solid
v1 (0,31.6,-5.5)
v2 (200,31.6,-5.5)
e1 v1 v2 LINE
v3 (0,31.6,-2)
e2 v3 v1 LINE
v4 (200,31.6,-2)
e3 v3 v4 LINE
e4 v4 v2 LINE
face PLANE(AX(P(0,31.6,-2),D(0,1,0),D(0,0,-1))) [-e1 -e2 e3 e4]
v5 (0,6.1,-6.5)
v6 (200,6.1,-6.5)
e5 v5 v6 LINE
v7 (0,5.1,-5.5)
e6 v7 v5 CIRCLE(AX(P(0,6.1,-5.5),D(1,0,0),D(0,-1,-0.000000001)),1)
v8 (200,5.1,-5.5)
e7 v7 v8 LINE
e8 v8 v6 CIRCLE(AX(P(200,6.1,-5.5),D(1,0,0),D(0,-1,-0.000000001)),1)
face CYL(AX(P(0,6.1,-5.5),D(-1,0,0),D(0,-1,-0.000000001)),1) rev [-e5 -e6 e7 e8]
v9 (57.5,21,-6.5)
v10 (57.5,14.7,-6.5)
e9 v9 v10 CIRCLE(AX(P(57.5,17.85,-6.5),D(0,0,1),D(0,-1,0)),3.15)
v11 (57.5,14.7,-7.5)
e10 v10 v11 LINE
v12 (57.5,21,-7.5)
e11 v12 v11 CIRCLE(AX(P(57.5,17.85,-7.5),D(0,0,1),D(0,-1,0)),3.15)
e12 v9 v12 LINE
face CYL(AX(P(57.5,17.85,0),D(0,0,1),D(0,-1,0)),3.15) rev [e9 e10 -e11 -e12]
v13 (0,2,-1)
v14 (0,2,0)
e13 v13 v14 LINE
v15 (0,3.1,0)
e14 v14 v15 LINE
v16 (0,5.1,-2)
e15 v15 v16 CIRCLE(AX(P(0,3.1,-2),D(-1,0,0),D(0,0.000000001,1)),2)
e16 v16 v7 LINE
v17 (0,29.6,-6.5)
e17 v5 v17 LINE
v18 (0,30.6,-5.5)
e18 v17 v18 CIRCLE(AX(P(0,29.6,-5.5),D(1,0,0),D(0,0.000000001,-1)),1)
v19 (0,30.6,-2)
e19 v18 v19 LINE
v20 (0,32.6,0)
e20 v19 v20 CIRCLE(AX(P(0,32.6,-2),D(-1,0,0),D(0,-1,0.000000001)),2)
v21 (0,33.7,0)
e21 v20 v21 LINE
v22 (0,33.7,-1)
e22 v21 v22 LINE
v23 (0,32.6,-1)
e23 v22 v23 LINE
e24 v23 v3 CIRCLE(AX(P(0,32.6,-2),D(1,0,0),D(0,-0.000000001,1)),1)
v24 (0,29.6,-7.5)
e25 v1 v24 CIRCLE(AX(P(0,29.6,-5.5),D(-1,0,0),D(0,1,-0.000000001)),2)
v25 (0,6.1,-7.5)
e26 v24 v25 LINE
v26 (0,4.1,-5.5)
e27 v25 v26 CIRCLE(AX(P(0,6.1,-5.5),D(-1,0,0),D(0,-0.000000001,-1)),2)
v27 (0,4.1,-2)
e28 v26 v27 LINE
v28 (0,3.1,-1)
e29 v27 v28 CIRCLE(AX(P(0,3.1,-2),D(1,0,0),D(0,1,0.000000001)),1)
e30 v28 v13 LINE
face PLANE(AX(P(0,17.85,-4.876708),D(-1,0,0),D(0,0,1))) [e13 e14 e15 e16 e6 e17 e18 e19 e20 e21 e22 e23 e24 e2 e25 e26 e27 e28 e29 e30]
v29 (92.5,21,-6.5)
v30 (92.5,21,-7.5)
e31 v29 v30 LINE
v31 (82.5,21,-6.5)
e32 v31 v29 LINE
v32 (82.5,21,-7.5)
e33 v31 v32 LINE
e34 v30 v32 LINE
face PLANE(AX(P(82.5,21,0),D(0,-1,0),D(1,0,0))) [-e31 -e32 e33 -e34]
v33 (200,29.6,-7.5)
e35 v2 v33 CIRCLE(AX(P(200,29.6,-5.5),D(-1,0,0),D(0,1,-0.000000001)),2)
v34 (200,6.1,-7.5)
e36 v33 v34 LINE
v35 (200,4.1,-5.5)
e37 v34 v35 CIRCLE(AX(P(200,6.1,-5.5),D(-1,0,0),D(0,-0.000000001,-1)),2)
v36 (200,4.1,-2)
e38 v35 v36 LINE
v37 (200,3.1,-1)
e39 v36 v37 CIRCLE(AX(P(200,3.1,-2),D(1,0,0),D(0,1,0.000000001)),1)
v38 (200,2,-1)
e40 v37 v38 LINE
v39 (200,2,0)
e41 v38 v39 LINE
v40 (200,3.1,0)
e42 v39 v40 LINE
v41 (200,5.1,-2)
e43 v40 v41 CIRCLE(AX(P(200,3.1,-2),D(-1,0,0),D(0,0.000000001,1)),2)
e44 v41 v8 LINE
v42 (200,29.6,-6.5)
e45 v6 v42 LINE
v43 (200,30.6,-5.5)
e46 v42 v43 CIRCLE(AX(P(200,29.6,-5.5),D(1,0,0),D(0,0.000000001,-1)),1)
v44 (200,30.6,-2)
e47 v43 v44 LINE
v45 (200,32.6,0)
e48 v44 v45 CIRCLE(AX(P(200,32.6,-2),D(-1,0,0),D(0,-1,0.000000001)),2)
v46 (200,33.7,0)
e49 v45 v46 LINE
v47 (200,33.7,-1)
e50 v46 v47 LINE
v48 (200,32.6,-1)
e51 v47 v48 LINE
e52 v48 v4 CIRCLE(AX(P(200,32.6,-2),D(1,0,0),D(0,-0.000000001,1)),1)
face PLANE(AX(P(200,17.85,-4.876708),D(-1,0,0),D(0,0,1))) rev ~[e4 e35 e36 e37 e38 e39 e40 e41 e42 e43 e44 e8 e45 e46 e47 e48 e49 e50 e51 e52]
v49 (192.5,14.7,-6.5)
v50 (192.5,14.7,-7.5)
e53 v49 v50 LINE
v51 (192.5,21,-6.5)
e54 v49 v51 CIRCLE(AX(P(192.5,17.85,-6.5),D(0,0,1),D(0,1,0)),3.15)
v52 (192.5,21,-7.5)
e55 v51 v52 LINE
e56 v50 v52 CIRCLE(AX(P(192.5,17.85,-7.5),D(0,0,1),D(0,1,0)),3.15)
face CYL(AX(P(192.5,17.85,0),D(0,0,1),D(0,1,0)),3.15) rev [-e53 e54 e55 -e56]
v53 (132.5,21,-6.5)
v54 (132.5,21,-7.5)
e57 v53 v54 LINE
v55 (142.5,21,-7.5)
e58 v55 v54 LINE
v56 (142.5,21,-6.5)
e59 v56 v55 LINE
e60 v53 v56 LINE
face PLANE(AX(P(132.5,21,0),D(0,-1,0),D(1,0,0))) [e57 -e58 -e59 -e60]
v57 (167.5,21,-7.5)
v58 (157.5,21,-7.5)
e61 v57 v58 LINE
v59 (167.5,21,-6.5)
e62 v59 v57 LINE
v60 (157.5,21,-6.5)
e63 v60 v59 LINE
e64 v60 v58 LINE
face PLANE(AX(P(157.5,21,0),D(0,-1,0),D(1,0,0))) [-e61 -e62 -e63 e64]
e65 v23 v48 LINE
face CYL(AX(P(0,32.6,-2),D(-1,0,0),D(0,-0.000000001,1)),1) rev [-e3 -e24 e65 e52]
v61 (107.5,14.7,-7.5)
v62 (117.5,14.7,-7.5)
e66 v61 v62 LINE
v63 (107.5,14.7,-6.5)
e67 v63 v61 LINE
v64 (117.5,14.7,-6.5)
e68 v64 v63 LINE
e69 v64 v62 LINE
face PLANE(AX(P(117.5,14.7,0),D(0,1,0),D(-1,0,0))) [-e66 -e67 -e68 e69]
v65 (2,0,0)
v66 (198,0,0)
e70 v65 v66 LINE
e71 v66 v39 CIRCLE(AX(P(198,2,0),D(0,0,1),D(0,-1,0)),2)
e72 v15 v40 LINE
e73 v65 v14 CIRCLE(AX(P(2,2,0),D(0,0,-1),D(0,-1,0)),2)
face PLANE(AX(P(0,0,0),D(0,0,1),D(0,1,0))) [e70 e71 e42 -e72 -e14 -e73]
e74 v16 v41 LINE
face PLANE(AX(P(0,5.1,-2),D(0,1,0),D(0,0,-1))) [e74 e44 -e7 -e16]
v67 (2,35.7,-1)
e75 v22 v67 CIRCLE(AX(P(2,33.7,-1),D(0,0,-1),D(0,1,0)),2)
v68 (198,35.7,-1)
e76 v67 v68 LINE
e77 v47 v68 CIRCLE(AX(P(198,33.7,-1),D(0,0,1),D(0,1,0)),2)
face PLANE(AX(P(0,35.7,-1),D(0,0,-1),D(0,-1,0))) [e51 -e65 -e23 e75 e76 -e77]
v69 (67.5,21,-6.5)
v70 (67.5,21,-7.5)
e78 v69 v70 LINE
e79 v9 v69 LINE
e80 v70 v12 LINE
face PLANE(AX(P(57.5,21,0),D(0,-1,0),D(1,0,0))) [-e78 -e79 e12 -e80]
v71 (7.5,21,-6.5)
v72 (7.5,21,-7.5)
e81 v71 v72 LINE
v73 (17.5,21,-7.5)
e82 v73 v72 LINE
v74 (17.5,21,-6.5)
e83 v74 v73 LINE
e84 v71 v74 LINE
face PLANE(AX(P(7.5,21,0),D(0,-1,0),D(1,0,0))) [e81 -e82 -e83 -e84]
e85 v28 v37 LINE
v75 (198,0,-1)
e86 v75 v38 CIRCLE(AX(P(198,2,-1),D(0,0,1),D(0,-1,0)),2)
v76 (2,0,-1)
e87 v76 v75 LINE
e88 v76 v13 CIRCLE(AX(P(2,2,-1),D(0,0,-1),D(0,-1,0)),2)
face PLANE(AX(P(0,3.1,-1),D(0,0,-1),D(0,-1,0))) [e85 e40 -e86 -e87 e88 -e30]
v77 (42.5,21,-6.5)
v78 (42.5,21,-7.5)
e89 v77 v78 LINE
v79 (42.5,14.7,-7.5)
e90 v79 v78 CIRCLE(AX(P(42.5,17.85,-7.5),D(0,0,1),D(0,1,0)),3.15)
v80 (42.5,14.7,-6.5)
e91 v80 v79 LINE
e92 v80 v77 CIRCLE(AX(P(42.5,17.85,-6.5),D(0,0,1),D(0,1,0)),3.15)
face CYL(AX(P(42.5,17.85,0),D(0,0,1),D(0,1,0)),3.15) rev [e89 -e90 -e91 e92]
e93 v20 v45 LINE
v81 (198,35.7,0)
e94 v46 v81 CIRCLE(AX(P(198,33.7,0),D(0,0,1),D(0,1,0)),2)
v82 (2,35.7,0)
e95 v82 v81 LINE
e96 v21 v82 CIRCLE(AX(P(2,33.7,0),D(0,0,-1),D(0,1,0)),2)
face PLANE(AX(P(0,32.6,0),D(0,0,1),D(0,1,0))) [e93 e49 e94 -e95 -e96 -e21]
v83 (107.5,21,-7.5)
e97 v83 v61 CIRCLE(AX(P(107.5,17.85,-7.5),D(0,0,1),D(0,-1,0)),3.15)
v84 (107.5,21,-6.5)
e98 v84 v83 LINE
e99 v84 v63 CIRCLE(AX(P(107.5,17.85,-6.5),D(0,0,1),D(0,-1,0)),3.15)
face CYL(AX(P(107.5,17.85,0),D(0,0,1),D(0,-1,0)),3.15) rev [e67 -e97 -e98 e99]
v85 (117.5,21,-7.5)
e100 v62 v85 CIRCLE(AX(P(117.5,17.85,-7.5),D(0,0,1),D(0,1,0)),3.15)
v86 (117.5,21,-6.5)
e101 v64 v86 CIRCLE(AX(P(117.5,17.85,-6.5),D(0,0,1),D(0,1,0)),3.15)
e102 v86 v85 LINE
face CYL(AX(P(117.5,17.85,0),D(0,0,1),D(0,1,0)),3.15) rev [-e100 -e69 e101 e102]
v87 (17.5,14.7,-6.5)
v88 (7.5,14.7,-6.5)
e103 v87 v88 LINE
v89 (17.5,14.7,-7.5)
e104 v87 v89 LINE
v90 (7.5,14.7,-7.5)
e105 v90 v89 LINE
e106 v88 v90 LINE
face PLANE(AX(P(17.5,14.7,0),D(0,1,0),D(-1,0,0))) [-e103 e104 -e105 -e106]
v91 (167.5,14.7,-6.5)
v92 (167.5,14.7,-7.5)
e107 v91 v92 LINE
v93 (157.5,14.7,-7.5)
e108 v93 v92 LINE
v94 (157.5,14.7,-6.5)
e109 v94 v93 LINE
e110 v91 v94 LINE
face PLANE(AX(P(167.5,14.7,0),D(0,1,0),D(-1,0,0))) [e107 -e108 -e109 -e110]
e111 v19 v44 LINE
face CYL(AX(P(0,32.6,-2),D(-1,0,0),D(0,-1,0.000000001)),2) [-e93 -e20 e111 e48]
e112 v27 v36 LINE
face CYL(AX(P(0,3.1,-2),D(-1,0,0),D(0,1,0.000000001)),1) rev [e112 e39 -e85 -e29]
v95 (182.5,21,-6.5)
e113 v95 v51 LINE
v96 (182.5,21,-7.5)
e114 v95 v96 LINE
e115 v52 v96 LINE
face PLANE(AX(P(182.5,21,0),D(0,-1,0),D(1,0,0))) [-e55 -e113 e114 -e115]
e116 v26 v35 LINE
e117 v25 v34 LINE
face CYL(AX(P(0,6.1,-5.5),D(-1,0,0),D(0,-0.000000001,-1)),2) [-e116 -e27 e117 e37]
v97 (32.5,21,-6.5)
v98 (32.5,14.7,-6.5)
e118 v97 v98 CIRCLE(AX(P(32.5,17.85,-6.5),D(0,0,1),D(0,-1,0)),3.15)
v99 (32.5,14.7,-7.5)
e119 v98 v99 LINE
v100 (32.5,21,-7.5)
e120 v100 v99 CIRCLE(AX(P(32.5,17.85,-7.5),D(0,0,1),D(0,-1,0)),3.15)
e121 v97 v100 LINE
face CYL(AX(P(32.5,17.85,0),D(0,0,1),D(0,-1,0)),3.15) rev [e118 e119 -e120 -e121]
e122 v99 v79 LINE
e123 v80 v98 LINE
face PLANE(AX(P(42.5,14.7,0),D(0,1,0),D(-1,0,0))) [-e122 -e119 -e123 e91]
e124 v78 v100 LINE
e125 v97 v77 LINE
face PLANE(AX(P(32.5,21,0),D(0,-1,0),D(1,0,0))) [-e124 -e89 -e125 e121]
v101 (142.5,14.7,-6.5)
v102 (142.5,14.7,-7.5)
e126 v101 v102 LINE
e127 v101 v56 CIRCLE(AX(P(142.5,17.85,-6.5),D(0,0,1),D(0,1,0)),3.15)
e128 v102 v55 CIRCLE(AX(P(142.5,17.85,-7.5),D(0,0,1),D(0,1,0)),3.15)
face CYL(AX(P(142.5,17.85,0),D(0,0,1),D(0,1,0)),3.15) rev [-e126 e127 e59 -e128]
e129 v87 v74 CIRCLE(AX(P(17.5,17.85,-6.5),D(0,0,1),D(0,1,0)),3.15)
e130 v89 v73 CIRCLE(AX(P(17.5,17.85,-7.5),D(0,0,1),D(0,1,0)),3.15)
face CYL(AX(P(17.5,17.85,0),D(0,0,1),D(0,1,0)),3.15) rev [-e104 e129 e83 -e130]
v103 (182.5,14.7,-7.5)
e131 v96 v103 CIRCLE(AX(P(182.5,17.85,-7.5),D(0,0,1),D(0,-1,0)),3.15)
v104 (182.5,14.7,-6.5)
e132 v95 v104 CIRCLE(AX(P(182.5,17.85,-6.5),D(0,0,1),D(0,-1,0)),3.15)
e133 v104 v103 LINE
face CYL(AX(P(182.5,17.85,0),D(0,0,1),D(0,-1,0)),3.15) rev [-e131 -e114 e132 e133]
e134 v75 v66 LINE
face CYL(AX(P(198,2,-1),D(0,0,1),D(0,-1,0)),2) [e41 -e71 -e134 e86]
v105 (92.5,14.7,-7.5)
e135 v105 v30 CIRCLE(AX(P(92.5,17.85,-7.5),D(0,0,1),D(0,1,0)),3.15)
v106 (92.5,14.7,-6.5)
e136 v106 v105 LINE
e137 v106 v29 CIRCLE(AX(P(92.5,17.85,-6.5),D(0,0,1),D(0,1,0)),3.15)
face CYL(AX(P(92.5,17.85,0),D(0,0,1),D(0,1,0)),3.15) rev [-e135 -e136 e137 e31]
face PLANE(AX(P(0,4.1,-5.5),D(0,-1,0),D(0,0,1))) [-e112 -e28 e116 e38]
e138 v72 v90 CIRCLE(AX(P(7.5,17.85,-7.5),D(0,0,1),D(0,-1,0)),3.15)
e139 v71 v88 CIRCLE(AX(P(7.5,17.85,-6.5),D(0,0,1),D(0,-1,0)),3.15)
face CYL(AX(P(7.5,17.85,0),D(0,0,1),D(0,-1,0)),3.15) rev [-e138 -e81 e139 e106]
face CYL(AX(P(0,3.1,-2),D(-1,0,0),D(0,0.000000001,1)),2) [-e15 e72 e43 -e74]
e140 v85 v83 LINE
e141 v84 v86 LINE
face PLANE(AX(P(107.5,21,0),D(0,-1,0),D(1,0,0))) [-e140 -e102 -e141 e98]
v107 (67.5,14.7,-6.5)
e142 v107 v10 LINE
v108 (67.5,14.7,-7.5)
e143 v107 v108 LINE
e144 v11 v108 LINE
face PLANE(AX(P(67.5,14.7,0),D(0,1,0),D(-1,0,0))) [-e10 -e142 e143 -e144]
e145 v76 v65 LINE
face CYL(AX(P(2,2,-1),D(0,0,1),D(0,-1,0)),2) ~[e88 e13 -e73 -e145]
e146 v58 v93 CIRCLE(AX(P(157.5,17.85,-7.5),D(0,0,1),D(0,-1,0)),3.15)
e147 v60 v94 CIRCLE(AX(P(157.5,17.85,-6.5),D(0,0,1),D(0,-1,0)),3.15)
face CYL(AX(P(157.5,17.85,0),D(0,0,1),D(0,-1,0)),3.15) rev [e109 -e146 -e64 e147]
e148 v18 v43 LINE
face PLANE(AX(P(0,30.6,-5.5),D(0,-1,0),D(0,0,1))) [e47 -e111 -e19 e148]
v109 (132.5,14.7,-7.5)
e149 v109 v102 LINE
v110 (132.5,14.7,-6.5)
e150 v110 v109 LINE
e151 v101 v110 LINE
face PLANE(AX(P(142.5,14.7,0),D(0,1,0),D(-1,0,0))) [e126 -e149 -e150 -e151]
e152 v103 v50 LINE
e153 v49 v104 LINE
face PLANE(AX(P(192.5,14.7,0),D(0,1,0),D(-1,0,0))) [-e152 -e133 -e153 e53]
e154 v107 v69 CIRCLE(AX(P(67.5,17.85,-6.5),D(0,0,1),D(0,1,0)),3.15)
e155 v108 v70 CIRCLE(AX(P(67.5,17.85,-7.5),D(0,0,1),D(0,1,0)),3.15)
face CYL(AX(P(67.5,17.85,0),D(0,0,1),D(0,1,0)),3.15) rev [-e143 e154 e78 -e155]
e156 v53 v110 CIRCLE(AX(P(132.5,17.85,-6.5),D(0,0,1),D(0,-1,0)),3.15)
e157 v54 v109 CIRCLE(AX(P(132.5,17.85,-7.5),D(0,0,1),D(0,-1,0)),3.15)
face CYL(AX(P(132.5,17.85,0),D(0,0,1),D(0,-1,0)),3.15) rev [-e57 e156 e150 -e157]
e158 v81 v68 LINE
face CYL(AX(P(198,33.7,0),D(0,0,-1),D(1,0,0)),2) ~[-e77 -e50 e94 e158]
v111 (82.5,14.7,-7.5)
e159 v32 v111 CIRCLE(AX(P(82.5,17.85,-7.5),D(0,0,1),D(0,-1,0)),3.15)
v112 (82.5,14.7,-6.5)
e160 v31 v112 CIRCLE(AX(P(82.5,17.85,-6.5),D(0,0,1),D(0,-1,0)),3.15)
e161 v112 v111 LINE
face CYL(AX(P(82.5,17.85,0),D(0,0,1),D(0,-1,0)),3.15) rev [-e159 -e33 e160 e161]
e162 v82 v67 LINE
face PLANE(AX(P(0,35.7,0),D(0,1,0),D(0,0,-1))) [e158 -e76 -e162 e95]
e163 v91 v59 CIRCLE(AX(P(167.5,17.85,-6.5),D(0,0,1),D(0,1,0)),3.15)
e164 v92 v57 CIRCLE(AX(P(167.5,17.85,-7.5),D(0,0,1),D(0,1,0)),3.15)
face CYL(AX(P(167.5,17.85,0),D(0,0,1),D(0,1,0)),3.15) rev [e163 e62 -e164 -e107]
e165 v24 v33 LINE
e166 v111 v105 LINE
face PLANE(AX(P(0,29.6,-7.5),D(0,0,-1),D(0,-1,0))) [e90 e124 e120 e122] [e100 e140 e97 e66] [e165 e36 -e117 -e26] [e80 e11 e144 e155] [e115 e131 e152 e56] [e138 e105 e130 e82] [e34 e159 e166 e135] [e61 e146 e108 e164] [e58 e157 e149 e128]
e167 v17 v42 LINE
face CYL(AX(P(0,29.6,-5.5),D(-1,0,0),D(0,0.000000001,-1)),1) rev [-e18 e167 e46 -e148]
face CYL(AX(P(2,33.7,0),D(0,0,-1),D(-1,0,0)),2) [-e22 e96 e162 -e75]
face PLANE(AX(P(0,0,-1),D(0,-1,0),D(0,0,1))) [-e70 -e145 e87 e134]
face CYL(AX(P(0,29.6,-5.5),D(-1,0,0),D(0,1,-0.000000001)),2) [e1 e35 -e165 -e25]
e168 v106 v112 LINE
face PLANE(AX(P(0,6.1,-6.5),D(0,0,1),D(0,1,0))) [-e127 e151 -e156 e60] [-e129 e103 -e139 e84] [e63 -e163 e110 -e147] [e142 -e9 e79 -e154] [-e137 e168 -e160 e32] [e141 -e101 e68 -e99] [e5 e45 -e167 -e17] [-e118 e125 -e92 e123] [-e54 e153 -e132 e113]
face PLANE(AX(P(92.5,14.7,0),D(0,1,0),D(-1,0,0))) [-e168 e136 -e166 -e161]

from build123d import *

# Parameters (mm, degrees)
BOSS_EXTRUDE1_DEPTH = 200
CUT_EXTRUDE1_DEPTH  = 204.299631087
LPATTERN1_COUNT     = 10
LPATTERN1_PITCH     = 25
FILLET1_R           = 2


with BuildPart() as part:
    # Sketch1 → Boss-Extrude1 (new body)
    with BuildSketch(Plane(origin=(0, 0, 0), x_dir=(0, 0, -1), z_dir=(1, 0, 0))):
        with BuildLine():
            Line((0, 0), (0, 3.1))
            ThreePointArc((0, 3.1), (0.585786438, 4.514213562), (2, 5.1))
            Line((2, 5.1), (5.5, 5.1))
            ThreePointArc((5.5, 5.1), (6.207106781, 5.392893219), (6.5, 6.1))
            Line((6.5, 6.1), (6.5, 29.6))
            ThreePointArc((6.5, 29.6), (6.207106781, 30.307106781), (5.5, 30.6))
            Line((5.5, 30.6), (2, 30.6))
            ThreePointArc((2, 30.6), (0.585786438, 31.185786438), (0, 32.6))
            Line((0, 32.6), (0, 35.7))
            Line((0, 35.7), (1, 35.7))
            Line((1, 35.7), (1, 32.6))
            ThreePointArc((1, 32.6), (1.292893219, 31.892893219), (2, 31.6))
            Line((2, 31.6), (5.5, 31.6))
            ThreePointArc((5.5, 31.6), (6.914213562, 31.014213562), (7.5, 29.6))
            Line((7.5, 29.6), (7.5, 6.1))
            ThreePointArc((7.5, 6.1), (6.914213562, 4.685786438), (5.5, 4.1))
            Line((5.5, 4.1), (2, 4.1))
            ThreePointArc((2, 4.1), (1.292893219, 3.807106781), (1, 3.1))
            Line((1, 3.1), (1, 0))
            Line((1, 0), (0, 0))
        make_face()
    extrude(amount=BOSS_EXTRUDE1_DEPTH)

    # Sketch2 → Cut-Extrude1 (cut, through all)
    with BuildSketch(Plane.XY):
        with BuildLine():
            Line((7.5, 21), (17.5, 21))
            ThreePointArc((17.5, 21), (20.65, 17.85), (17.5, 14.7))
            Line((17.5, 14.7), (7.5, 14.7))
            ThreePointArc((7.5, 14.7), (4.35, 17.85), (7.5, 21))
        make_face()
    cut_extrude1 = extrude(amount=-CUT_EXTRUDE1_DEPTH, mode=Mode.SUBTRACT)

    # LPattern1: Cut-Extrude1 ×10
    with Locations(*[(i * LPATTERN1_PITCH, 0, 0) for i in range(1, LPATTERN1_COUNT)]):
        add(cut_extrude1, mode=Mode.SUBTRACT)

    # Fillet1
    fillet1_edges = [part.edges().sort_by_distance(p)[0] for p in [
        (0, 35.7, -0.5),
        (0, 0, -0.5),
        (200, 35.7, -0.5),
        (200, 0, -0.5),
    ]]
    fillet(fillet1_edges, radius=FILLET1_R)


solid = part.part
